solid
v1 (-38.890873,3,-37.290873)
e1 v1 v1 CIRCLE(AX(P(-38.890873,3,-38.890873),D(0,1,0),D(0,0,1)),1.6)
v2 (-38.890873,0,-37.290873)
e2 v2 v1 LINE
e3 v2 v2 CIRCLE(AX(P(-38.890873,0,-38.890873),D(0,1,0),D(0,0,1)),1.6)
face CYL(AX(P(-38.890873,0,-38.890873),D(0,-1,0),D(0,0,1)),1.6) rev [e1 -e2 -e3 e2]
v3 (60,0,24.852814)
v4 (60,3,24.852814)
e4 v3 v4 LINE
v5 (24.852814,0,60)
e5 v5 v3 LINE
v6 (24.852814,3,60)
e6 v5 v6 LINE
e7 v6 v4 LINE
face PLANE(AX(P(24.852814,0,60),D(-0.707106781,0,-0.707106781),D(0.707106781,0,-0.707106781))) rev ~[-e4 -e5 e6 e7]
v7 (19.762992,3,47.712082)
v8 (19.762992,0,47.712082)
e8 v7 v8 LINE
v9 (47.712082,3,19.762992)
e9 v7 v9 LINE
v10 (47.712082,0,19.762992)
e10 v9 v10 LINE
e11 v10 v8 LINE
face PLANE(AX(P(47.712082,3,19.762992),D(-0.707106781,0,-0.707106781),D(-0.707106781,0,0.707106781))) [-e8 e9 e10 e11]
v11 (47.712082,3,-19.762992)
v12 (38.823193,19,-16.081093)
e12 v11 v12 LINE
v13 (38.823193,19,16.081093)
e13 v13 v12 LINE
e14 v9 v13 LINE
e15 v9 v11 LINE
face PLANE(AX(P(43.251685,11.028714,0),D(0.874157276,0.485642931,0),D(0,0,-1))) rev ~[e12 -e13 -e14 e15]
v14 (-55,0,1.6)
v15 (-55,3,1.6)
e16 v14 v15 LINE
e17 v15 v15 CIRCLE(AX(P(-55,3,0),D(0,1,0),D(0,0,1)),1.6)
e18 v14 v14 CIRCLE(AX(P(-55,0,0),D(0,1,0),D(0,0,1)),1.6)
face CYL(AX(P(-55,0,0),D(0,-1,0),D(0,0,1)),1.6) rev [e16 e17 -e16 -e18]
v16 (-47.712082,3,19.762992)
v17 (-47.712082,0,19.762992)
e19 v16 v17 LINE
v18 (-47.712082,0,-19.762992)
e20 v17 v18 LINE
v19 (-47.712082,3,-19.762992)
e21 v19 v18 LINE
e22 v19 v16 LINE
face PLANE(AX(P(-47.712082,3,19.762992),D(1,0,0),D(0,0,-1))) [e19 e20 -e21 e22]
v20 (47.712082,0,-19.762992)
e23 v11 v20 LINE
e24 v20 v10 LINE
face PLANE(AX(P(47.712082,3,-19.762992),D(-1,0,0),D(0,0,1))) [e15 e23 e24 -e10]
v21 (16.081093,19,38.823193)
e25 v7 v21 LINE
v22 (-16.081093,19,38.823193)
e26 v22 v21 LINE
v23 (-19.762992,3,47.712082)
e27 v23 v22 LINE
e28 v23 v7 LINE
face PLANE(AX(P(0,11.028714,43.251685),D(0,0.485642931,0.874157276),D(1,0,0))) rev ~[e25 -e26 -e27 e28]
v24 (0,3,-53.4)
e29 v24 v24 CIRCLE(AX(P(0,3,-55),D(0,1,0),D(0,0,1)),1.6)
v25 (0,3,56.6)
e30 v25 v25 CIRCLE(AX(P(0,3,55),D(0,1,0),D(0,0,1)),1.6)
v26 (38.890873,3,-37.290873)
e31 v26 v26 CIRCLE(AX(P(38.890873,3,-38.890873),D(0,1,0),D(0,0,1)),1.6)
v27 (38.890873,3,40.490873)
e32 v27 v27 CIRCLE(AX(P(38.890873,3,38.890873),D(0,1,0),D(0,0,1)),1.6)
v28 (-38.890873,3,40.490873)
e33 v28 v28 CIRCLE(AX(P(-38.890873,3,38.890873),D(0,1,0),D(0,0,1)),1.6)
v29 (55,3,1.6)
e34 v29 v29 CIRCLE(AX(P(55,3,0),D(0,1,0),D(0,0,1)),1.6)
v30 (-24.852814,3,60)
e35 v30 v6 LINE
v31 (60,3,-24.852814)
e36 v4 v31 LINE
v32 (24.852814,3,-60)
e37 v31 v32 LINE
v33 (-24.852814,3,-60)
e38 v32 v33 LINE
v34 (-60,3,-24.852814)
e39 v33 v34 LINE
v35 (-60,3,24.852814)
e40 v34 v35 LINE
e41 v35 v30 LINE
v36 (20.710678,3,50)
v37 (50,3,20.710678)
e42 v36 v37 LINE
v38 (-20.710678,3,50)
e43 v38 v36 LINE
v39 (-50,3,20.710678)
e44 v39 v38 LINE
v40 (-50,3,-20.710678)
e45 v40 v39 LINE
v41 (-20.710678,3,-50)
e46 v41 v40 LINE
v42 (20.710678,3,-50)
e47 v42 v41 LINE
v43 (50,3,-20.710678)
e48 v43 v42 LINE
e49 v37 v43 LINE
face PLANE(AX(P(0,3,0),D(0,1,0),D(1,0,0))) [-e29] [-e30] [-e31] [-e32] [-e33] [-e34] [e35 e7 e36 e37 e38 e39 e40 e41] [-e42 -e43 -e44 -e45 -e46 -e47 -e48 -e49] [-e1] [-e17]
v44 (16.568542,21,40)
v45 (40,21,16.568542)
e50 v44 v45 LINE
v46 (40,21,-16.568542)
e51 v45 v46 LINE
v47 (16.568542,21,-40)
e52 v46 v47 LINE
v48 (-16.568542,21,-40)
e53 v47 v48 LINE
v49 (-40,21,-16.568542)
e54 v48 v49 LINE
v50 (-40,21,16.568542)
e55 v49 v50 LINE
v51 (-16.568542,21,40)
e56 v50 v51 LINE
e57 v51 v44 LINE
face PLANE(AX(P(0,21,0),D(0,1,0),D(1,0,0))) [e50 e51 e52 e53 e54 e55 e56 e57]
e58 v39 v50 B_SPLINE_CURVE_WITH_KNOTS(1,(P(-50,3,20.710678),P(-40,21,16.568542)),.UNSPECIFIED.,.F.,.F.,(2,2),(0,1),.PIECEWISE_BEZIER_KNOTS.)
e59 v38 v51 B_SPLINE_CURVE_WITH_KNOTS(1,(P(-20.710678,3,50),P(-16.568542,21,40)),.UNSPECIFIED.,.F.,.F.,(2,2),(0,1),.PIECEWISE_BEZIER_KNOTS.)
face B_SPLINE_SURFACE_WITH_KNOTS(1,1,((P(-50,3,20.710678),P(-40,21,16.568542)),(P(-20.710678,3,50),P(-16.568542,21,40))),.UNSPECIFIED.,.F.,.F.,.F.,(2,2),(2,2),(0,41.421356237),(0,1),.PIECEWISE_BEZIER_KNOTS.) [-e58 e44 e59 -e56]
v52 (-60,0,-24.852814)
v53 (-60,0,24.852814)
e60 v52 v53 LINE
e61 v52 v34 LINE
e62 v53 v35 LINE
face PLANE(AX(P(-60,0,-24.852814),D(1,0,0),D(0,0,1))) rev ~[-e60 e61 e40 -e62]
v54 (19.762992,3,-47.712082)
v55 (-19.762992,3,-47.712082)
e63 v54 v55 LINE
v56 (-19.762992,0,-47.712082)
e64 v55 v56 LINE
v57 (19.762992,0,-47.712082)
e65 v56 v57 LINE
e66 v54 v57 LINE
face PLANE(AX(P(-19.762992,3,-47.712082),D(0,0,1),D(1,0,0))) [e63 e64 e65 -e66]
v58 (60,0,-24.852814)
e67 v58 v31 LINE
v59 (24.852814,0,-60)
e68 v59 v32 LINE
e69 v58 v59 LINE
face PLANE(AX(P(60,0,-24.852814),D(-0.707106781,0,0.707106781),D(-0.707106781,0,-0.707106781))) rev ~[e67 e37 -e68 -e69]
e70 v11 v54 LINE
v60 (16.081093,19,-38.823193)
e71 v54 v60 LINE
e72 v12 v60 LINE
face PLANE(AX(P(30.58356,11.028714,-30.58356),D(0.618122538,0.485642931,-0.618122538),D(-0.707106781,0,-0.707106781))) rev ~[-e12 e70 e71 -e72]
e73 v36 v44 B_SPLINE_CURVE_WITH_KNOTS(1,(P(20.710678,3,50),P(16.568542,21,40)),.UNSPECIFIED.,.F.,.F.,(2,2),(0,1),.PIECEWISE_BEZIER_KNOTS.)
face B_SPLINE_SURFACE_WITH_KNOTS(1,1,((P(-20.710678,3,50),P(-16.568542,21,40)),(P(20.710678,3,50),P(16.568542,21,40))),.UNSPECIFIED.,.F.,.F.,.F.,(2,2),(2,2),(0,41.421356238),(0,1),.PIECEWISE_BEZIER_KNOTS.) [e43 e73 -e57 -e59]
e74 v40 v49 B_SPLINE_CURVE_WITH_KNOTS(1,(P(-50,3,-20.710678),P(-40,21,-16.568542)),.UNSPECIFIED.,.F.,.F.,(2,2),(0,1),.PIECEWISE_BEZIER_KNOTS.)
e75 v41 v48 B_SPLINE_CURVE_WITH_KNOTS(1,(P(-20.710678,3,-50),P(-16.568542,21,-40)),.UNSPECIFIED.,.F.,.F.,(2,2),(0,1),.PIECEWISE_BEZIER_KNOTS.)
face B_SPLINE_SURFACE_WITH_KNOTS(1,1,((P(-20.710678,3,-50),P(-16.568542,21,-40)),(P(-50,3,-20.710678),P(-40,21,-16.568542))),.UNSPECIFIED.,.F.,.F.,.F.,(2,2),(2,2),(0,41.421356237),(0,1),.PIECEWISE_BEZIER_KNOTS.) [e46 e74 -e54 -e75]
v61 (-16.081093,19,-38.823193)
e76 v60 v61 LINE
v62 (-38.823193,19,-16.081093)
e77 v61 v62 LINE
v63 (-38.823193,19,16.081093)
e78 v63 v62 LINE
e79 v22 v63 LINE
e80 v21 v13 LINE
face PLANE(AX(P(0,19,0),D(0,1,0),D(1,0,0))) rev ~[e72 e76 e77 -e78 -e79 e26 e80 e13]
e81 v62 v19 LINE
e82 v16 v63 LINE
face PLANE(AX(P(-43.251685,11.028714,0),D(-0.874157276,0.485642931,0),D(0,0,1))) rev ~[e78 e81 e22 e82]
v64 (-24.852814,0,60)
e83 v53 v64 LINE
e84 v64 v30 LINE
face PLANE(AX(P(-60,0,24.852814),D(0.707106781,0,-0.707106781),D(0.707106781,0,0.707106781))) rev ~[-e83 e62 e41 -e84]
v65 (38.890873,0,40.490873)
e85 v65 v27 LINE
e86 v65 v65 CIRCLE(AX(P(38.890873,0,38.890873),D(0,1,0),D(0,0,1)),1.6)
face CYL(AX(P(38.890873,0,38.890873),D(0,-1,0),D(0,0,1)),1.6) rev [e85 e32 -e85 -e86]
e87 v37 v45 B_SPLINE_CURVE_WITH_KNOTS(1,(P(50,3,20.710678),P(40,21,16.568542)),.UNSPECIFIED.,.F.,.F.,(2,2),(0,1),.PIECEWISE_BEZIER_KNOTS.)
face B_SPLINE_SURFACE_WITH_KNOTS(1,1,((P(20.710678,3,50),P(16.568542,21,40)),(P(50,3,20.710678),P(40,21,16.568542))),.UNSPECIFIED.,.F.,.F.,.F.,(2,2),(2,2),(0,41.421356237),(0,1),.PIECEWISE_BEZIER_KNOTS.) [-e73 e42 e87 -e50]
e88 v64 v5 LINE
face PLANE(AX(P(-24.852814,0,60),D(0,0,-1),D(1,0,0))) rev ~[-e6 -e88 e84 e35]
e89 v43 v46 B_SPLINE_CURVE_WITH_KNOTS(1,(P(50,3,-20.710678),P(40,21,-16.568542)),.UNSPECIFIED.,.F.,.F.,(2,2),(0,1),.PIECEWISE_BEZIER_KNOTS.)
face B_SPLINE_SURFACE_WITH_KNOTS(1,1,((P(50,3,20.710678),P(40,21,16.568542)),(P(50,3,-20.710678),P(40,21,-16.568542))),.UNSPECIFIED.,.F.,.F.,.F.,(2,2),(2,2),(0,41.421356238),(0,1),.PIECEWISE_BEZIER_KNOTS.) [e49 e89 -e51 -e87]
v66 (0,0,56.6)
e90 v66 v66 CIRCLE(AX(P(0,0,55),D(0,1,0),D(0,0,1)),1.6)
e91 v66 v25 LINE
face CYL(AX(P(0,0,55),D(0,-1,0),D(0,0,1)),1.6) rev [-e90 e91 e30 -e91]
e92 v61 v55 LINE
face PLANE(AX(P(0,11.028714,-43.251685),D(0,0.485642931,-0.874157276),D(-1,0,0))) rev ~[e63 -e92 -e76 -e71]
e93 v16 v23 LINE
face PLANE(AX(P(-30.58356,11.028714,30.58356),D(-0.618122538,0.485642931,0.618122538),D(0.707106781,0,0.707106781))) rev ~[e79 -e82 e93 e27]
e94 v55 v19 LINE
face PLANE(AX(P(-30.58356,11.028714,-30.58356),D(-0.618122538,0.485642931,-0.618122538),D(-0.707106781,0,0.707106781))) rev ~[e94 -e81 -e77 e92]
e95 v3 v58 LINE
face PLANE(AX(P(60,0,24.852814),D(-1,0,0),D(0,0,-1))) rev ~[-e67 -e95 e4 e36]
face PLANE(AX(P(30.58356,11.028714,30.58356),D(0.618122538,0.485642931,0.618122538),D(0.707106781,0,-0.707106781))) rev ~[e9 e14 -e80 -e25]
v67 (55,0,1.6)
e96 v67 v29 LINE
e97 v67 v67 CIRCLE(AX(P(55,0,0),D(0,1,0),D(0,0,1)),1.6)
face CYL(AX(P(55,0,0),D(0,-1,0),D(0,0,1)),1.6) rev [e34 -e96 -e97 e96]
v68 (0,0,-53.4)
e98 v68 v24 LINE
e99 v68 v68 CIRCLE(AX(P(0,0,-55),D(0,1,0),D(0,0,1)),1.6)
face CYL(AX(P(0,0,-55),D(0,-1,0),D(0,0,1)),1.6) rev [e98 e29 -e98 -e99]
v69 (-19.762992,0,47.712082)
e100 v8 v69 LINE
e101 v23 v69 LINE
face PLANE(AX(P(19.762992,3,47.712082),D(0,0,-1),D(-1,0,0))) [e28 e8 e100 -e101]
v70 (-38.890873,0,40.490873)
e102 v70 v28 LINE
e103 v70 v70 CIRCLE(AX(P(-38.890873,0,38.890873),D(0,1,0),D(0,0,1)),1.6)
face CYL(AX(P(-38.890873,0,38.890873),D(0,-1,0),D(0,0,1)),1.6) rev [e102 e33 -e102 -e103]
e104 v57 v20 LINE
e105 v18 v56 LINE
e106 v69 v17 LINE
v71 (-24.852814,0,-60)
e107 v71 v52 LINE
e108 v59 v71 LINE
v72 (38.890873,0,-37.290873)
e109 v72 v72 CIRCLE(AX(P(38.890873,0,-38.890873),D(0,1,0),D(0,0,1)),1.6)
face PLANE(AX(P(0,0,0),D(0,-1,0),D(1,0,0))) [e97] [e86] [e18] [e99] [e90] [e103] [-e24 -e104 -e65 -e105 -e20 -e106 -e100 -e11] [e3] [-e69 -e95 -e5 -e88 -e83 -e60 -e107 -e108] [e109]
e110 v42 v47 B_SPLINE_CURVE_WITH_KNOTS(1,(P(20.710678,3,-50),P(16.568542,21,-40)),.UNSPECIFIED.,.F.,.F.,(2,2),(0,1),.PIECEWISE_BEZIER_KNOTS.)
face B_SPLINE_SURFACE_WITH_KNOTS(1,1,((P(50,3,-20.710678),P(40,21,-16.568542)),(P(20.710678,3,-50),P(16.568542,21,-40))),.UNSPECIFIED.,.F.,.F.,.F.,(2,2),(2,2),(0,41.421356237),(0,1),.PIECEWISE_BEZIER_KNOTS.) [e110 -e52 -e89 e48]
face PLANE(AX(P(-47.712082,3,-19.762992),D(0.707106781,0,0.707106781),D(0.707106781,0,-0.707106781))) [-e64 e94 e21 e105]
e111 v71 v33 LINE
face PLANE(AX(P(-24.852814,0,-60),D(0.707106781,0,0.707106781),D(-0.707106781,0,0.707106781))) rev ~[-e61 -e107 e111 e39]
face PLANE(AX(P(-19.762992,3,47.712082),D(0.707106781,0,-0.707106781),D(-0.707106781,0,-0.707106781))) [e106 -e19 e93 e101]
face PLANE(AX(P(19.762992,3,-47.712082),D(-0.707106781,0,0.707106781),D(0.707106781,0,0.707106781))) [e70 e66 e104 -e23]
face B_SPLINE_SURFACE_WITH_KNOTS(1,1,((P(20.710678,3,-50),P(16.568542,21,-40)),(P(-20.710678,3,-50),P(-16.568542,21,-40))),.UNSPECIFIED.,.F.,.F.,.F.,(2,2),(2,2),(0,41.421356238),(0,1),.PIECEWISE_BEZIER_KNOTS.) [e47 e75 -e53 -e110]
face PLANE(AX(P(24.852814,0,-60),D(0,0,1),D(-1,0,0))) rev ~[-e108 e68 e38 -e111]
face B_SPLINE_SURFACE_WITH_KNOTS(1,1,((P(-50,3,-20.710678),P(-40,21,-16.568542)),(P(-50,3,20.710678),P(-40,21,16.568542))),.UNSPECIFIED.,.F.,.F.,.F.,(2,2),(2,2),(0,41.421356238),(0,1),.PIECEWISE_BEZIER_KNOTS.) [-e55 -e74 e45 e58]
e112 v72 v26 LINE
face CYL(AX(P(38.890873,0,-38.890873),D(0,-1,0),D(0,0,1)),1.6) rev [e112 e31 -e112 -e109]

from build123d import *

# Parameters (mm, degrees)
SKETCH2_R           = 1.6
BOSS_EXTRUDE1_DEPTH = 3
CUT_EXTRUDE1_DEPTH  = 85.905830189
BOSS_EXTRUDE2_DEPTH = 3
SHELL1_T            = -2
BOSS_EXTRUDE4_DEPTH = 3


with BuildPart() as part:
    # Sketch2 → Boss-Extrude1 (new body)
    with BuildSketch(Plane(origin=(0, 0, 0), x_dir=(1, 0, 0), z_dir=(0, 1, 0))):
        Polygon((-24.852813742, 60), (-60, 24.852813742), (-60, -24.852813742), (-24.852813742, -60), (24.852813742, -60), (60, -24.852813742), (60, 24.852813742), (24.852813742, 60), align=None)
        with Locations(Location((-38.890872965, -38.890872965, 0), (0, 0, 270))):
            Circle(SKETCH2_R, mode=Mode.SUBTRACT)
        with Locations(Location((38.890872965, 38.890872965, 0), (0, 0, 270))):
            Circle(SKETCH2_R, mode=Mode.SUBTRACT)
        with Locations(Location((0, -55, 0), (0, 0, 270))):
            Circle(SKETCH2_R, mode=Mode.SUBTRACT)
        with Locations(Location((0, 55, 0), (0, 0, 270))):
            Circle(SKETCH2_R, mode=Mode.SUBTRACT)
        with Locations(Location((38.890872965, -38.890872965, 0), (0, 0, 270))):
            Circle(SKETCH2_R, mode=Mode.SUBTRACT)
        with Locations(Location((-38.890872965, 38.890872965, 0), (0, 0, 270))):
            Circle(SKETCH2_R, mode=Mode.SUBTRACT)
        with Locations(Location((55, 0, 0), (0, 0, 270))):
            Circle(SKETCH2_R, mode=Mode.SUBTRACT)
        with Locations(Location((-55, 0, 0), (0, 0, 270))):
            Circle(SKETCH2_R, mode=Mode.SUBTRACT)
    extrude(amount=BOSS_EXTRUDE1_DEPTH)

    # Sketch3 → Cut-Extrude1 (cut, through all)
    with BuildSketch(Plane(origin=(0, 3, 0), x_dir=(1, 0, 0), z_dir=(0, 1, 0))):
        Polygon((20.710678119, 50), (-20.710678119, 50), (-50, 20.710678119), (-50, -20.710678119), (-20.710678119, -50), (20.710678119, -50), (50, -20.710678119), (50, 20.710678119), align=None)
    extrude(amount=-CUT_EXTRUDE1_DEPTH, mode=Mode.SUBTRACT)



with BuildPart() as body_2:
    # Sketch4 → Boss-Extrude2 (new body)
    with BuildSketch(Plane(origin=(0, 18, 0), x_dir=(1, 0, 0), z_dir=(0, 1, 0))):
        Polygon((-40, 16.568542495), (-40, -16.568542495), (-16.568542495, -40), (16.568542495, -40), (40, -16.568542495), (40, 16.568542495), (16.568542495, 40), (-16.568542495, 40), align=None)
    extrude(amount=BOSS_EXTRUDE2_DEPTH)

    # Sketch3<3> → section 0 of loft1
    with BuildSketch(Plane(origin=(0, 3, 0), x_dir=(1, 0, 0), z_dir=(0, 1, 0)), mode=Mode.PRIVATE) as loft1_s0:
        with BuildLine():
            Line((-50, 20.710678119), (-50, -20.710678119))
            Line((-50, -20.710678119), (-20.710678119, -50))
            Line((-20.710678119, -50), (20.710678119, -50))
            Line((20.710678119, -50), (50, -20.710678119))
            Line((50, -20.710678119), (50, 20.710678119))
            Line((50, 20.710678119), (20.710678119, 50))
            Line((20.710678119, 50), (-20.710678119, 50))
            Line((-20.710678119, 50), (-50, 20.710678119))
        make_face()
    # loft up to a face of the part (loft1)
    loft([loft1_s0.sketch, body_2.faces().sort_by_distance((0, 21, 0))[0]])

    # Shell1
    shell1_openings = [body_2.faces().sort_by_distance(p)[0] for p in [
        (0, 3, 0),
    ]]
    offset(amount=SHELL1_T, openings=shell1_openings, kind=Kind.INTERSECTION)


with BuildPart() as part_1:
    add(part.part)

    add(body_2.part)  # Boss-Extrude4 merges body 2
    # Sketch5 → Boss-Extrude4 (add)
    with BuildSketch(Plane.XZ.offset(-3)):
        Polygon((-50, 20.710678119), (-50, -20.710678119), (-20.710678119, -50), (20.710678119, -50), (50, -20.710678119), (50, 20.710678119), (20.710678119, 50), (-20.710678119, 50), align=None)
        Polygon((-47.712082191, 19.762991533), (-47.712082191, -19.762991533), (-19.762991533, -47.712082191), (19.762991533, -47.712082191), (47.712082191, -19.762991533), (47.712082191, 19.762991533), (19.762991533, 47.712082191), (-19.762991533, 47.712082191), align=None, mode=Mode.SUBTRACT)
    extrude(amount=BOSS_EXTRUDE4_DEPTH)


solid = part_1.part
